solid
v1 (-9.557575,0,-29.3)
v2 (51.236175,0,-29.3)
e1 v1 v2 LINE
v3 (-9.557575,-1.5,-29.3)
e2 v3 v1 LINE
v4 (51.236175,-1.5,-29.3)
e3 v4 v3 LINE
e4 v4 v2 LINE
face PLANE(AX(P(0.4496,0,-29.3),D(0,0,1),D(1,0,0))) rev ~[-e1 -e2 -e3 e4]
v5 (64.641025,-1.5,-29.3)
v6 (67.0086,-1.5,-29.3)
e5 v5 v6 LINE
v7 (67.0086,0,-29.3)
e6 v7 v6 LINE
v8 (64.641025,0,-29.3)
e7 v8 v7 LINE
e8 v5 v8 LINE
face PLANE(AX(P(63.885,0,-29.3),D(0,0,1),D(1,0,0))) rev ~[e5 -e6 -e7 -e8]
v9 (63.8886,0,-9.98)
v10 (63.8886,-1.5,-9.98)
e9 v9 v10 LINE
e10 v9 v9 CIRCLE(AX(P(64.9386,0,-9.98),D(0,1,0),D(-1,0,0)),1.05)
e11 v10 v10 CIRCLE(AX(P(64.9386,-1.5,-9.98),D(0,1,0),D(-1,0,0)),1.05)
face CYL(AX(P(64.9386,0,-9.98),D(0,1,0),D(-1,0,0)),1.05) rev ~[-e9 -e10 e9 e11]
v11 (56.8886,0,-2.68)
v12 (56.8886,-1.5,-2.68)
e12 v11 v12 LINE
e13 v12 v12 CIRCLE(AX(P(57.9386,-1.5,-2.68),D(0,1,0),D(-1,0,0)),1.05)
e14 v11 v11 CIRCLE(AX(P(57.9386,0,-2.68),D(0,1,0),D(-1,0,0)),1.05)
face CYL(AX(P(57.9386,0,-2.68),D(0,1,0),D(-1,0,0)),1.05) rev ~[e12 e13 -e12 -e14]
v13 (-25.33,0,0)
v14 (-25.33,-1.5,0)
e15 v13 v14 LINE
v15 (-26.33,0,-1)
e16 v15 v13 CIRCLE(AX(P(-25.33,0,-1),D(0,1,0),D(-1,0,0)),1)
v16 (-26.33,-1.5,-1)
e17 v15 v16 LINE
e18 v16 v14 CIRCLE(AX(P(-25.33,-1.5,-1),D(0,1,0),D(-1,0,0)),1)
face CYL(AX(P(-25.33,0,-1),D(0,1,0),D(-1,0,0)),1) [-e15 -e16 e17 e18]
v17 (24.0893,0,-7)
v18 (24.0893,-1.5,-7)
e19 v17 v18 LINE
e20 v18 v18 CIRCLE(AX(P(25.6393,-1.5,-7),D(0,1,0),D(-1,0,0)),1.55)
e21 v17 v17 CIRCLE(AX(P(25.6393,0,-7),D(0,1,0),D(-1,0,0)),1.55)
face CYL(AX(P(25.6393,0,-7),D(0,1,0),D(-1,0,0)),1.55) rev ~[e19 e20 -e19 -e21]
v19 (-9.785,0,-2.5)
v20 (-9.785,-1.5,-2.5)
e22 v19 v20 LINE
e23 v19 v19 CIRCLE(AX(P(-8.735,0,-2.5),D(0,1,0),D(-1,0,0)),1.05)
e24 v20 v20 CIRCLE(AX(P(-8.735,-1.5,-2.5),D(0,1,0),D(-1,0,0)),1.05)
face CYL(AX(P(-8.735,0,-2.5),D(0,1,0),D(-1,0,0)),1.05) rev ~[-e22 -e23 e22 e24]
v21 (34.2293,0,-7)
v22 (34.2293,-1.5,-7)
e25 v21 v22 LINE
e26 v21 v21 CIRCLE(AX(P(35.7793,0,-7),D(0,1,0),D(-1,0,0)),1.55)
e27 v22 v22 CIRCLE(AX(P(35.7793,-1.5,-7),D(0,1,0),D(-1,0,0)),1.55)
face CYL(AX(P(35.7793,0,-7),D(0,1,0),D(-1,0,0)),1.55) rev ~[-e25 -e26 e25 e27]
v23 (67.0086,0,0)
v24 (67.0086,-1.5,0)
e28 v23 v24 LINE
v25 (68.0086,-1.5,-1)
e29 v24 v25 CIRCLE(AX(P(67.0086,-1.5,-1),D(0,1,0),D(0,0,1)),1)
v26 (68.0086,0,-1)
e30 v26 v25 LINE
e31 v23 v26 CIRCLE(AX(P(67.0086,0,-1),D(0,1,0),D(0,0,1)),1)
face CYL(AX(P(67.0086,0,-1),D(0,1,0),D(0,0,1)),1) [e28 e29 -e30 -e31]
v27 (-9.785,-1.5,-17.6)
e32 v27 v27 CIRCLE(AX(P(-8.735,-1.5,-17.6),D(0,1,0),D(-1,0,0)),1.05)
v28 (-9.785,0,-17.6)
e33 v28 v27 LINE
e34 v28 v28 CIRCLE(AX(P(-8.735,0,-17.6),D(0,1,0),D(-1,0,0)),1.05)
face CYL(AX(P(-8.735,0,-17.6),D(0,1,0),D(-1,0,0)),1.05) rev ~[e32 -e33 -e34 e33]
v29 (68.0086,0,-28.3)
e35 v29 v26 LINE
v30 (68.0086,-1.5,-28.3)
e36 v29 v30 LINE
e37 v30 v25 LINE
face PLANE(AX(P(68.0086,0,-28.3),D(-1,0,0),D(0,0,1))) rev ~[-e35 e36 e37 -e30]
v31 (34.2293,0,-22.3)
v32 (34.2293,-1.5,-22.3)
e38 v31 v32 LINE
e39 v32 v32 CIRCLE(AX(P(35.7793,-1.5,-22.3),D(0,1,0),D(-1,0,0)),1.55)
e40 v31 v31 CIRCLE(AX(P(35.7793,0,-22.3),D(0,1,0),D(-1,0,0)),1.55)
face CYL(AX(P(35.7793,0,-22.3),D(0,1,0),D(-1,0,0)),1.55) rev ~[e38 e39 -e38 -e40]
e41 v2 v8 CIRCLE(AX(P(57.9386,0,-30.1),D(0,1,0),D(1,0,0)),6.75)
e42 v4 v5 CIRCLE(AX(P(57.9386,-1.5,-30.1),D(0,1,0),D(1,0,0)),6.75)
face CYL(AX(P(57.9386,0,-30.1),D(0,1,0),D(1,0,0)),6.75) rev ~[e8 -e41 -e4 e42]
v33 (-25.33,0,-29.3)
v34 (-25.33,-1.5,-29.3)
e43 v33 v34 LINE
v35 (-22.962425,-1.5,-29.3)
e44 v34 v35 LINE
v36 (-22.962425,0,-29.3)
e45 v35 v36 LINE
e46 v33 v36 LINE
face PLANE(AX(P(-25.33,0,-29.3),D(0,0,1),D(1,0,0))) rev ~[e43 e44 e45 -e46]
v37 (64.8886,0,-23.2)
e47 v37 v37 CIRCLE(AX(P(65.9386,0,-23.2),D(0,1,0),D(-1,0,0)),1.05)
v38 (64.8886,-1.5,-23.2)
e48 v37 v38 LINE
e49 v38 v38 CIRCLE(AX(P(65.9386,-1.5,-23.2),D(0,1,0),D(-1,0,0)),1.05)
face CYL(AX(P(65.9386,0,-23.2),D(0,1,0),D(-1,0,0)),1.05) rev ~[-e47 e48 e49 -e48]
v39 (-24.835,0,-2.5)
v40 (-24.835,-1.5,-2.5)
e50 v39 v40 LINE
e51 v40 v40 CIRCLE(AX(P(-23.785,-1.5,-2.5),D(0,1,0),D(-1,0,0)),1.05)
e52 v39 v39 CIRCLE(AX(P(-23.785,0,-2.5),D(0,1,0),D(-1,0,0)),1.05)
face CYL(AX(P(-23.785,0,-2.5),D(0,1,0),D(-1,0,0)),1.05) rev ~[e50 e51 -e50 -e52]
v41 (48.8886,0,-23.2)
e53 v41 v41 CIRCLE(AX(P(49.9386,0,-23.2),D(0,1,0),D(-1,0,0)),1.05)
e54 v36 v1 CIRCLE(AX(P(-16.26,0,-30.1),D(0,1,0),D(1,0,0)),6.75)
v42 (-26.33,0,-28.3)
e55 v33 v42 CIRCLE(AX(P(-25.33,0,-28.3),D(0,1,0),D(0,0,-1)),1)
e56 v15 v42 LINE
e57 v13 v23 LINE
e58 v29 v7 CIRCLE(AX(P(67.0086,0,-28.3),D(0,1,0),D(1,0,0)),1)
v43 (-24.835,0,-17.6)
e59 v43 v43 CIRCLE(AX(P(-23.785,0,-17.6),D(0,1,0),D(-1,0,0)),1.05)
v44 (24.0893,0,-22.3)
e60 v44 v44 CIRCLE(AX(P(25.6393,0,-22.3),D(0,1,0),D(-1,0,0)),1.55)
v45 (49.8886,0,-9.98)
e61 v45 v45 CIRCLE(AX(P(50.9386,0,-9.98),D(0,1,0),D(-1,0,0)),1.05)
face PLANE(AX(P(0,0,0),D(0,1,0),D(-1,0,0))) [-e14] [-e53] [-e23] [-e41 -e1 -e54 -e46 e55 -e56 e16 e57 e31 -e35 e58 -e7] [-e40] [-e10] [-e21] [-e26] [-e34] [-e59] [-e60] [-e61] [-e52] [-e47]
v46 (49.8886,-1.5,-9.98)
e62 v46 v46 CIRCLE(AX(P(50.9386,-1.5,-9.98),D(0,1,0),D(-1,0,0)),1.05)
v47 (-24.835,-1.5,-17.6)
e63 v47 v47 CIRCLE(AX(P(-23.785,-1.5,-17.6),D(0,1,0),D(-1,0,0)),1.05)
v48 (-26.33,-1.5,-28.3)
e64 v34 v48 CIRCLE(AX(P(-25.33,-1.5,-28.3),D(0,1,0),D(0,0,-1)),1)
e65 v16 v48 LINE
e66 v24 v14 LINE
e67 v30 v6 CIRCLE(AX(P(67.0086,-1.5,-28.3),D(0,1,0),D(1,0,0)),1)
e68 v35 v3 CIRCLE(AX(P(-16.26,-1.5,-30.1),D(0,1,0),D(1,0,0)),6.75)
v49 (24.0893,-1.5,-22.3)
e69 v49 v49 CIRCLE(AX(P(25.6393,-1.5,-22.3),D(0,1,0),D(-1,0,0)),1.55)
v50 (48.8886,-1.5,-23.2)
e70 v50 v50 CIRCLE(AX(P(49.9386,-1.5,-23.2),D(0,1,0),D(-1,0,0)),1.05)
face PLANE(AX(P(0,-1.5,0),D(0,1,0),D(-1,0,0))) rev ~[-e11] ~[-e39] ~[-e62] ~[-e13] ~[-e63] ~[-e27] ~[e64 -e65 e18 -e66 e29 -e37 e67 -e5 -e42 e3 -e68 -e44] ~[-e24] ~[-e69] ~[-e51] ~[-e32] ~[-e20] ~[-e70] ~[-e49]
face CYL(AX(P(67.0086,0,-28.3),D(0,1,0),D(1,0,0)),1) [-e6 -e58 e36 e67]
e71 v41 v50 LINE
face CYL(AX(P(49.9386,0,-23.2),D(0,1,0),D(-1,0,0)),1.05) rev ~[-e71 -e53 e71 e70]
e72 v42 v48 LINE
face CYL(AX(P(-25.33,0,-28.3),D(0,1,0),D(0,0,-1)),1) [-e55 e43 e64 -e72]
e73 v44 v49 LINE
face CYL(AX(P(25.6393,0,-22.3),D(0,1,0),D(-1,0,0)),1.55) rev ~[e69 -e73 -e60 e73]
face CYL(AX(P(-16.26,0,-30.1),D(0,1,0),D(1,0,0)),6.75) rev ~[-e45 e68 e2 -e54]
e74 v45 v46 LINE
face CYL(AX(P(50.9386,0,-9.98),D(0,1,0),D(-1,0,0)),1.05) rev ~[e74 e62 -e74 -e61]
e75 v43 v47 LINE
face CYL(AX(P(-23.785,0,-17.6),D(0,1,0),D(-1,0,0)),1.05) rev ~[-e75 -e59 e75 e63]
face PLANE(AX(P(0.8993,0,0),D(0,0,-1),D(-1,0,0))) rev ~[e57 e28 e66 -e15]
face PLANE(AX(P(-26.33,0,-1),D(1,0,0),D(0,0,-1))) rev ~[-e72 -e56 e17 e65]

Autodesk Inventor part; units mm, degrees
ref_plane "YZ Plane" through (0, 0, 0) normal (1, 0, 0) x (0, 1, 0)
ref_plane "XZ Plane" through (0, 0, 0) normal (0, 1, 0) x (-1, 0, 0)
ref_plane "XY Plane" through (0, 0, 0) normal (0, 0, 1) x (1, 0, 0)
sketch "Sketch1" plane through (0, 0, 0) normal (0, 1, 0) x (-1, 0, 0)
  line L0 (-0.4496, -29.3) -> (-0.4496, 0)
  line L1 (-41.2289, 0) -> (-41.2289, -29.3)
  circle A0 centre (-49.9386, -23.2) radius 1.05
  circle A1 centre (-50.9386, -9.98) radius 1.05
  circle A2 centre (-57.9386, -2.68) radius 1.05
  circle A3 centre (-64.9386, -9.98) radius 1.05
  circle A4 centre (-65.9386, -23.2) radius 1.05
  circle A5 centre (23.785, -2.5) radius 1.05
  circle A6 centre (8.735, -2.5) radius 1.05
  circle A7 centre (23.785, -17.6) radius 1.05
  circle A8 centre (8.735, -17.6) radius 1.05
  circle A9 centre (-25.6393, -7) radius 1.55
  circle A10 centre (-35.7793, -7) radius 1.55
  circle A11 centre (-25.6393, -22.3) radius 1.55
  circle A12 centre (-35.7793, -22.3) radius 1.55
  arc A13 (-67.0086, 0) -> (-68.0086, -1) centre (-67.0086, -1) ccw
  line L2 (-67.0086, 0) -> (25.33, 0)
  line L3 (-68.0086, -28.3) -> (-68.0086, -1)
  arc A14 (-68.0086, -28.3) -> (-67.0086, -29.3) centre (-67.0086, -28.3) ccw
  line L4 (-63.885, -29.3) -> (-67.0086, -29.3)
  arc A15 (-51.9921, -29.3) -> (-63.885, -29.3) centre (-57.9386, -30.1) ccw
  line L5 (10.3136, -29.3) -> (-51.9921, -29.3)
  arc A16 (22.2064, -29.3) -> (10.3136, -29.3) centre (16.26, -30.1) ccw
  line L6 (25.33, -29.3) -> (22.2064, -29.3)
  arc A17 (25.33, -29.3) -> (26.33, -28.3) centre (25.33, -28.3) ccw
  line L7 (26.33, -1) -> (26.33, -28.3)
  arc A18 (26.33, -1) -> (25.33, 0) centre (25.33, -1) ccw
  line L8 (-41.6786, -29.3) -> (-41.6786, 0)
  line L9 (-40.7793, 0) -> (-40.7793, -29.3)
  line L10 (-0.8993, -29.3) -> (-0.8993, 0)
  line L11 (0, 0) -> (0, -29.3)
  point P0 (0, 0)
extrude "Extrusion1" add sketch "Sketch1" against normal blind 1.5
sketch "Sketch2" plane through (0, 0, 0) normal (0, 1, 0) x (1, 0, 0)
  circle A0 centre (-16.26, 30.1) radius 6.75
  circle A1 centre (57.9386, 30.1) radius 6.75
  point P0 (0, 0)
  dimension "d2" = 13.5
  dimension "d3" = 13.5
extrude "Extrusion2" cut sketch "Sketch2" against normal blind 10
properties part number "axis_22_bottom_frame"
